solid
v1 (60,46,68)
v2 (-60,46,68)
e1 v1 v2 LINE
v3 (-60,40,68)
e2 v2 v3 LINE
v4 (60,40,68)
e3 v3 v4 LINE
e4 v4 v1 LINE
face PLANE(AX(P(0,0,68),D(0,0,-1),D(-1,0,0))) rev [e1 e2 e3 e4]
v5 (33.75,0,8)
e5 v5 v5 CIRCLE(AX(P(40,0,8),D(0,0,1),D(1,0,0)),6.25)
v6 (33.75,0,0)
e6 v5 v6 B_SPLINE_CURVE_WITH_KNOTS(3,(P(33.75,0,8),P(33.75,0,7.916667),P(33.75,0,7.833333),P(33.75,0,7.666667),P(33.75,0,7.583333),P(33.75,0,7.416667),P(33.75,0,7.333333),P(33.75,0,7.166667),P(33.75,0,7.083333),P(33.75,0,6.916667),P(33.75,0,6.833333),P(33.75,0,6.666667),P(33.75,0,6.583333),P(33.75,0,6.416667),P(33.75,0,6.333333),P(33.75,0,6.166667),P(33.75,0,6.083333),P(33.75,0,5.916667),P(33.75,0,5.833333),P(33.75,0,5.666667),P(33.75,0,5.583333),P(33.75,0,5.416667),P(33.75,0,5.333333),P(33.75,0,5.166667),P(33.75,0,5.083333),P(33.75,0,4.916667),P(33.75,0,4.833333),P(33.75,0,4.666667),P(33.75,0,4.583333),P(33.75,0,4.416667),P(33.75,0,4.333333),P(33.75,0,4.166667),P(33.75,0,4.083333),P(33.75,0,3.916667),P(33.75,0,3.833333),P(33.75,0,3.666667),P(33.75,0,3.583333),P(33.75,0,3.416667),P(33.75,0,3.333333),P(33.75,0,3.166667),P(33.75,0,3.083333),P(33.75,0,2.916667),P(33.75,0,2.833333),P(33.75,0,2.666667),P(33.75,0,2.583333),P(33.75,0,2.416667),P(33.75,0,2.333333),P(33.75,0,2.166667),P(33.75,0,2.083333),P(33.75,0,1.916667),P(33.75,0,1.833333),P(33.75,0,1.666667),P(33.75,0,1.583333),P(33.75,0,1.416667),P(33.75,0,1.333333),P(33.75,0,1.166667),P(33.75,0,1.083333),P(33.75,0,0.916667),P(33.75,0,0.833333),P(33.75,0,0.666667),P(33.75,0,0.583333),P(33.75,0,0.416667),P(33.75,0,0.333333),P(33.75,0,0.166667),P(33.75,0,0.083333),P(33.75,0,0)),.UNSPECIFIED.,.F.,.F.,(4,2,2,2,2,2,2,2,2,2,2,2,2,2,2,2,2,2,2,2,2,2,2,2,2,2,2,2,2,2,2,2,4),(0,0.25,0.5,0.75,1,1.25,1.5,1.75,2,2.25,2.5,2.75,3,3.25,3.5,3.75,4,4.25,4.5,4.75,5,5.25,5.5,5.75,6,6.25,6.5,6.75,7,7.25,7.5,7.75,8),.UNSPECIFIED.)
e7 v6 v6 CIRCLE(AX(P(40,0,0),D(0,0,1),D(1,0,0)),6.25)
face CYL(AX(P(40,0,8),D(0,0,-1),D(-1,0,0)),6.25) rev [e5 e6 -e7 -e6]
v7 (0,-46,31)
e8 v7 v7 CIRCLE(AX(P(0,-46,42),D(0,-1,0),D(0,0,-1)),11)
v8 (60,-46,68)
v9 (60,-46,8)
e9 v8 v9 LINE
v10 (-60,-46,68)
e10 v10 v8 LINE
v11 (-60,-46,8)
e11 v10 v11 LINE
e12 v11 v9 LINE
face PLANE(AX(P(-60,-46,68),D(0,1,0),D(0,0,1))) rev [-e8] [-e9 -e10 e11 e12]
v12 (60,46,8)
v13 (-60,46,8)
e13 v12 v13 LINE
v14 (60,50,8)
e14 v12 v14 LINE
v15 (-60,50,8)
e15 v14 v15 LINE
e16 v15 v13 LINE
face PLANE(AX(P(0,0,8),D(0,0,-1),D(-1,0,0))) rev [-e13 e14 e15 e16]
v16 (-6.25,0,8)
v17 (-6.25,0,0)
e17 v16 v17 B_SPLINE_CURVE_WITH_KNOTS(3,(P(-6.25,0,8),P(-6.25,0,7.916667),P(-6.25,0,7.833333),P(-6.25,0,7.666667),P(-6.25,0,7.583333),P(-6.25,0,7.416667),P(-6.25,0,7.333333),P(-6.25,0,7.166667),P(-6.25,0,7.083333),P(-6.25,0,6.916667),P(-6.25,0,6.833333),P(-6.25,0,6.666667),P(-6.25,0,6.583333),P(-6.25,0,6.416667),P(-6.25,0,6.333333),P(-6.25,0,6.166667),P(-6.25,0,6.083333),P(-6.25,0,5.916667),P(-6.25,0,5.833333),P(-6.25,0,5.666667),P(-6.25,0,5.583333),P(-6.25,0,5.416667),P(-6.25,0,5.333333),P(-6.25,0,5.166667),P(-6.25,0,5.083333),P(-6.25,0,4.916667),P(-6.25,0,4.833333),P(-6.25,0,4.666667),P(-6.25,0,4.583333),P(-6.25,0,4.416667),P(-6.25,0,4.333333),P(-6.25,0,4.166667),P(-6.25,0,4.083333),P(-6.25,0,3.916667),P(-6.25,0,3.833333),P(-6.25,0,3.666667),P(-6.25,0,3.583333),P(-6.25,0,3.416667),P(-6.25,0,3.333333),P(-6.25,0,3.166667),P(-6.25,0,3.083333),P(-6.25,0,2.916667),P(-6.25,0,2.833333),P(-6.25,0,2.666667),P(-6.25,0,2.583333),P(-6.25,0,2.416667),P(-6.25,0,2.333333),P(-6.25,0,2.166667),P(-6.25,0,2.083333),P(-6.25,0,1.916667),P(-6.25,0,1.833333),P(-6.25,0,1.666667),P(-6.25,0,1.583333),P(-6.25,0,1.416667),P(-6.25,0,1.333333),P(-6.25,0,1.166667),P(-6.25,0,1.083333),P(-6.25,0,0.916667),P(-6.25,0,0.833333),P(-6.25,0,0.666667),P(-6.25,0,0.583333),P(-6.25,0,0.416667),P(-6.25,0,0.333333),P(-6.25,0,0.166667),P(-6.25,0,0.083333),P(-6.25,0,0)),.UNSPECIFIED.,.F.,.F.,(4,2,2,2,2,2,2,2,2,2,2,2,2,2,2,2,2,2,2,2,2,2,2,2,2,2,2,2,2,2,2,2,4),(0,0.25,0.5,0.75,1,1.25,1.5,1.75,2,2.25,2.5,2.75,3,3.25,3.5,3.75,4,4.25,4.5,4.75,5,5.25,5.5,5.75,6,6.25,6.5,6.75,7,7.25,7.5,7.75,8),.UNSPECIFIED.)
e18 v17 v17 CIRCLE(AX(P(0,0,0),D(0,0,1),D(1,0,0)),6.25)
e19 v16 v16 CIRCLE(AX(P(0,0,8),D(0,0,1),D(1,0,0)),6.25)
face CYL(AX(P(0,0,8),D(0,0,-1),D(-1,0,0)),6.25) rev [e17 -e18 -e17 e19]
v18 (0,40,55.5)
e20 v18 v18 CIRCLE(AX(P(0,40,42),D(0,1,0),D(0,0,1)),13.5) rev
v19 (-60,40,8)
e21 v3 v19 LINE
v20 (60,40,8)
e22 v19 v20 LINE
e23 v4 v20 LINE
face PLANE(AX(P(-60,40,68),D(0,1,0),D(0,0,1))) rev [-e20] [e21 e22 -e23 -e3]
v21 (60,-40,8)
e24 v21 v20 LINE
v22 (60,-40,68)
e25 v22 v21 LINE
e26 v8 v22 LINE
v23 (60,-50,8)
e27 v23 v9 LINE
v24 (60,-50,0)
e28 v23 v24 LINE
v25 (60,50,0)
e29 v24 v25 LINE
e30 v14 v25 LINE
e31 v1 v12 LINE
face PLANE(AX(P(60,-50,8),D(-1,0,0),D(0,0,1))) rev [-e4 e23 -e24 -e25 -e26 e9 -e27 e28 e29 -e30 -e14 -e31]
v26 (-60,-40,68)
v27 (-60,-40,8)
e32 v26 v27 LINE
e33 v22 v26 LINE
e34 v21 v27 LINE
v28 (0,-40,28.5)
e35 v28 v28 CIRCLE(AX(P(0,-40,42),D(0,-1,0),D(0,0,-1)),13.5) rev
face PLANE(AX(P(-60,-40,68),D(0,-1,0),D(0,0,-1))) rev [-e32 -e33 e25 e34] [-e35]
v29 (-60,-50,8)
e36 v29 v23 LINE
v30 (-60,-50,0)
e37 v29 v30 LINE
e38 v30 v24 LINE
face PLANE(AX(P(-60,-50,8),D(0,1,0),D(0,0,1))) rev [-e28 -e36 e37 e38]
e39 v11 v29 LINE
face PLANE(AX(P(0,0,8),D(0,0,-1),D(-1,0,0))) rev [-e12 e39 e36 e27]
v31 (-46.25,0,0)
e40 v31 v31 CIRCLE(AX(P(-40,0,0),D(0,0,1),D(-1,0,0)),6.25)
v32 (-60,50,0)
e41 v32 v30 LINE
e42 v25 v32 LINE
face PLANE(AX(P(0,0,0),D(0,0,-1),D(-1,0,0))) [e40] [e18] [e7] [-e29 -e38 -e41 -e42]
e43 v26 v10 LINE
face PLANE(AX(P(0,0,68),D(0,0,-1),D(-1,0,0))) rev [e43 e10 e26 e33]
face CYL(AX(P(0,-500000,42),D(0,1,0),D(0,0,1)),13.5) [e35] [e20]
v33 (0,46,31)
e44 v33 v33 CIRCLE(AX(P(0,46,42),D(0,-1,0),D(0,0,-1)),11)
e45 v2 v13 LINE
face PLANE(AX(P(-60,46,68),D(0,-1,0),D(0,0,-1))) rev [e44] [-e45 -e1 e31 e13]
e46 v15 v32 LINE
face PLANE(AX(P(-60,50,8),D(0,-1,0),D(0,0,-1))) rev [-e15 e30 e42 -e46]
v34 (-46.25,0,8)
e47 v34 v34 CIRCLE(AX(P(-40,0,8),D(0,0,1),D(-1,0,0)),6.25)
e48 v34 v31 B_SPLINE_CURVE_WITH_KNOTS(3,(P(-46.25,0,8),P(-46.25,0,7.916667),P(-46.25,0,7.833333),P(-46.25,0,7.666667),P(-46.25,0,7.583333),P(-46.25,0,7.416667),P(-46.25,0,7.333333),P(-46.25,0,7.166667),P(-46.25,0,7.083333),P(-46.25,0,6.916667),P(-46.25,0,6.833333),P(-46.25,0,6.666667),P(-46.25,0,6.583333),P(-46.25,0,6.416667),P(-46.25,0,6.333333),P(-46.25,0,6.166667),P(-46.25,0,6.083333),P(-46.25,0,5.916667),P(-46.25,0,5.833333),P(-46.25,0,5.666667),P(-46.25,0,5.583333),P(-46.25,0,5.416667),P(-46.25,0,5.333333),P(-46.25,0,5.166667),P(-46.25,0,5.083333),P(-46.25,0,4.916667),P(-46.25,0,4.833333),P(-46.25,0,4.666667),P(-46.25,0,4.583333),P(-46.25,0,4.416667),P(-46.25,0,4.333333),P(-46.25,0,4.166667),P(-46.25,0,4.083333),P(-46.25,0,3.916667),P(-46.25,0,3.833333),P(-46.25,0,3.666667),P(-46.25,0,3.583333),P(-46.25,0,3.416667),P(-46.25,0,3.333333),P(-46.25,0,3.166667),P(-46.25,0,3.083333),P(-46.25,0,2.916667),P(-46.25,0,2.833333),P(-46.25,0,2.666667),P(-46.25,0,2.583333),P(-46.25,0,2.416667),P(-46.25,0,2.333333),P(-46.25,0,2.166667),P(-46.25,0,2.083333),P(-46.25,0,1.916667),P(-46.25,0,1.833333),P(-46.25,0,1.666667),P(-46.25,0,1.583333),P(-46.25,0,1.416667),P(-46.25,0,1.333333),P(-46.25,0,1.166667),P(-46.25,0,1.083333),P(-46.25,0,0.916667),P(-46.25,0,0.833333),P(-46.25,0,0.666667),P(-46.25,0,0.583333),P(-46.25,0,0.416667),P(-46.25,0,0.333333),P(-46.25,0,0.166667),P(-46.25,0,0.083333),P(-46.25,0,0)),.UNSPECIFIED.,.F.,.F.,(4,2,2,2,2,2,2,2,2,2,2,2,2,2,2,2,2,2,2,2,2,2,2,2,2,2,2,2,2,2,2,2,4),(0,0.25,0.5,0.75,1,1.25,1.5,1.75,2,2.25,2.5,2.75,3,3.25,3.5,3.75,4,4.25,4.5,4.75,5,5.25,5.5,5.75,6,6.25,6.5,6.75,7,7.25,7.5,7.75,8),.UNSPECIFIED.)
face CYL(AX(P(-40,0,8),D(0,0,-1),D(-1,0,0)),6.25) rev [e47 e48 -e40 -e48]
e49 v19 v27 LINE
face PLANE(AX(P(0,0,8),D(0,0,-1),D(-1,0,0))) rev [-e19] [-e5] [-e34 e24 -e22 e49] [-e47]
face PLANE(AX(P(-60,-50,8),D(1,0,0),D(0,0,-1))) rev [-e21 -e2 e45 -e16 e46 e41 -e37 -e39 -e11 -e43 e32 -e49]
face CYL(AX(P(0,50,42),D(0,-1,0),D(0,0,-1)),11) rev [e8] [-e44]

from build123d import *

# Parameters (mm, degrees)
SKETCH_1_W          = 120
SKETCH_1_H          = 100
SKETCH_1_R          = 6.25
EXTRUDE_1_DEPTH     = 8
SKETCH_2_W          = 120
SKETCH_2_H          = 6
EXTRUDE_2_DEPTH     = 60
SKETCH_3_R          = 11
CUT_EXTRUDE_1_DEPTH = 133.060592154
EXTRUDE_3_REACH     = 129.765
SKETCH_4_R          = 13.5
SKETCH_4_R_2        = 11


with BuildPart() as part:
    # Эскиз1 → Бобышка-Вытянуть1 (new body)
    with BuildSketch(Plane.XY):
        Rectangle(SKETCH_1_W, SKETCH_1_H)
        Circle(SKETCH_1_R, mode=Mode.SUBTRACT)
        with Locations((40, 0)):
            Circle(SKETCH_1_R, mode=Mode.SUBTRACT)
        with Locations(Location((-40, 0, 0), (0, 0, 180))):
            Circle(SKETCH_1_R, mode=Mode.SUBTRACT)
    extrude(amount=EXTRUDE_1_DEPTH)

    # Эскиз2 → Бобышка-Вытянуть2 (add)
    with BuildSketch(Plane.XY.offset(8)):
        with Locations((0, -43)):
            Rectangle(SKETCH_2_W, SKETCH_2_H)
        with Locations((0, 43)):
            Rectangle(SKETCH_2_W, SKETCH_2_H)
    extrude(amount=EXTRUDE_2_DEPTH)

    # Эскиз3 → Вырез-Вытянуть1 (cut, through all)
    with BuildSketch(Plane.XZ.offset(46)):
        with Locations(Location((0, 42, 0), (0, 0, 270))):
            Circle(SKETCH_3_R)
    extrude(amount=-CUT_EXTRUDE_1_DEPTH, mode=Mode.SUBTRACT)

    # Эскиз4 → Бобышка-Вытянуть3 (add, up to next)
    with BuildSketch(Plane.XZ.offset(-40), mode=Mode.PRIVATE) as extrude_3_sk1:
        with Locations(Location((0, 42, 0), (0, 0, 90))):
            Circle(SKETCH_4_R)
        with Locations(Location((0, 42, 0), (0, 0, 270))):
            Circle(SKETCH_4_R_2, mode=Mode.SUBTRACT)
    extrude_3_tool1 = extrude(extrude_3_sk1.sketch, amount=EXTRUDE_3_REACH, mode=Mode.PRIVATE) - part.part
    add(extrude_3_tool1.solids().sort_by_distance((0, 40, 28.881838))[0])


solid = part.part
